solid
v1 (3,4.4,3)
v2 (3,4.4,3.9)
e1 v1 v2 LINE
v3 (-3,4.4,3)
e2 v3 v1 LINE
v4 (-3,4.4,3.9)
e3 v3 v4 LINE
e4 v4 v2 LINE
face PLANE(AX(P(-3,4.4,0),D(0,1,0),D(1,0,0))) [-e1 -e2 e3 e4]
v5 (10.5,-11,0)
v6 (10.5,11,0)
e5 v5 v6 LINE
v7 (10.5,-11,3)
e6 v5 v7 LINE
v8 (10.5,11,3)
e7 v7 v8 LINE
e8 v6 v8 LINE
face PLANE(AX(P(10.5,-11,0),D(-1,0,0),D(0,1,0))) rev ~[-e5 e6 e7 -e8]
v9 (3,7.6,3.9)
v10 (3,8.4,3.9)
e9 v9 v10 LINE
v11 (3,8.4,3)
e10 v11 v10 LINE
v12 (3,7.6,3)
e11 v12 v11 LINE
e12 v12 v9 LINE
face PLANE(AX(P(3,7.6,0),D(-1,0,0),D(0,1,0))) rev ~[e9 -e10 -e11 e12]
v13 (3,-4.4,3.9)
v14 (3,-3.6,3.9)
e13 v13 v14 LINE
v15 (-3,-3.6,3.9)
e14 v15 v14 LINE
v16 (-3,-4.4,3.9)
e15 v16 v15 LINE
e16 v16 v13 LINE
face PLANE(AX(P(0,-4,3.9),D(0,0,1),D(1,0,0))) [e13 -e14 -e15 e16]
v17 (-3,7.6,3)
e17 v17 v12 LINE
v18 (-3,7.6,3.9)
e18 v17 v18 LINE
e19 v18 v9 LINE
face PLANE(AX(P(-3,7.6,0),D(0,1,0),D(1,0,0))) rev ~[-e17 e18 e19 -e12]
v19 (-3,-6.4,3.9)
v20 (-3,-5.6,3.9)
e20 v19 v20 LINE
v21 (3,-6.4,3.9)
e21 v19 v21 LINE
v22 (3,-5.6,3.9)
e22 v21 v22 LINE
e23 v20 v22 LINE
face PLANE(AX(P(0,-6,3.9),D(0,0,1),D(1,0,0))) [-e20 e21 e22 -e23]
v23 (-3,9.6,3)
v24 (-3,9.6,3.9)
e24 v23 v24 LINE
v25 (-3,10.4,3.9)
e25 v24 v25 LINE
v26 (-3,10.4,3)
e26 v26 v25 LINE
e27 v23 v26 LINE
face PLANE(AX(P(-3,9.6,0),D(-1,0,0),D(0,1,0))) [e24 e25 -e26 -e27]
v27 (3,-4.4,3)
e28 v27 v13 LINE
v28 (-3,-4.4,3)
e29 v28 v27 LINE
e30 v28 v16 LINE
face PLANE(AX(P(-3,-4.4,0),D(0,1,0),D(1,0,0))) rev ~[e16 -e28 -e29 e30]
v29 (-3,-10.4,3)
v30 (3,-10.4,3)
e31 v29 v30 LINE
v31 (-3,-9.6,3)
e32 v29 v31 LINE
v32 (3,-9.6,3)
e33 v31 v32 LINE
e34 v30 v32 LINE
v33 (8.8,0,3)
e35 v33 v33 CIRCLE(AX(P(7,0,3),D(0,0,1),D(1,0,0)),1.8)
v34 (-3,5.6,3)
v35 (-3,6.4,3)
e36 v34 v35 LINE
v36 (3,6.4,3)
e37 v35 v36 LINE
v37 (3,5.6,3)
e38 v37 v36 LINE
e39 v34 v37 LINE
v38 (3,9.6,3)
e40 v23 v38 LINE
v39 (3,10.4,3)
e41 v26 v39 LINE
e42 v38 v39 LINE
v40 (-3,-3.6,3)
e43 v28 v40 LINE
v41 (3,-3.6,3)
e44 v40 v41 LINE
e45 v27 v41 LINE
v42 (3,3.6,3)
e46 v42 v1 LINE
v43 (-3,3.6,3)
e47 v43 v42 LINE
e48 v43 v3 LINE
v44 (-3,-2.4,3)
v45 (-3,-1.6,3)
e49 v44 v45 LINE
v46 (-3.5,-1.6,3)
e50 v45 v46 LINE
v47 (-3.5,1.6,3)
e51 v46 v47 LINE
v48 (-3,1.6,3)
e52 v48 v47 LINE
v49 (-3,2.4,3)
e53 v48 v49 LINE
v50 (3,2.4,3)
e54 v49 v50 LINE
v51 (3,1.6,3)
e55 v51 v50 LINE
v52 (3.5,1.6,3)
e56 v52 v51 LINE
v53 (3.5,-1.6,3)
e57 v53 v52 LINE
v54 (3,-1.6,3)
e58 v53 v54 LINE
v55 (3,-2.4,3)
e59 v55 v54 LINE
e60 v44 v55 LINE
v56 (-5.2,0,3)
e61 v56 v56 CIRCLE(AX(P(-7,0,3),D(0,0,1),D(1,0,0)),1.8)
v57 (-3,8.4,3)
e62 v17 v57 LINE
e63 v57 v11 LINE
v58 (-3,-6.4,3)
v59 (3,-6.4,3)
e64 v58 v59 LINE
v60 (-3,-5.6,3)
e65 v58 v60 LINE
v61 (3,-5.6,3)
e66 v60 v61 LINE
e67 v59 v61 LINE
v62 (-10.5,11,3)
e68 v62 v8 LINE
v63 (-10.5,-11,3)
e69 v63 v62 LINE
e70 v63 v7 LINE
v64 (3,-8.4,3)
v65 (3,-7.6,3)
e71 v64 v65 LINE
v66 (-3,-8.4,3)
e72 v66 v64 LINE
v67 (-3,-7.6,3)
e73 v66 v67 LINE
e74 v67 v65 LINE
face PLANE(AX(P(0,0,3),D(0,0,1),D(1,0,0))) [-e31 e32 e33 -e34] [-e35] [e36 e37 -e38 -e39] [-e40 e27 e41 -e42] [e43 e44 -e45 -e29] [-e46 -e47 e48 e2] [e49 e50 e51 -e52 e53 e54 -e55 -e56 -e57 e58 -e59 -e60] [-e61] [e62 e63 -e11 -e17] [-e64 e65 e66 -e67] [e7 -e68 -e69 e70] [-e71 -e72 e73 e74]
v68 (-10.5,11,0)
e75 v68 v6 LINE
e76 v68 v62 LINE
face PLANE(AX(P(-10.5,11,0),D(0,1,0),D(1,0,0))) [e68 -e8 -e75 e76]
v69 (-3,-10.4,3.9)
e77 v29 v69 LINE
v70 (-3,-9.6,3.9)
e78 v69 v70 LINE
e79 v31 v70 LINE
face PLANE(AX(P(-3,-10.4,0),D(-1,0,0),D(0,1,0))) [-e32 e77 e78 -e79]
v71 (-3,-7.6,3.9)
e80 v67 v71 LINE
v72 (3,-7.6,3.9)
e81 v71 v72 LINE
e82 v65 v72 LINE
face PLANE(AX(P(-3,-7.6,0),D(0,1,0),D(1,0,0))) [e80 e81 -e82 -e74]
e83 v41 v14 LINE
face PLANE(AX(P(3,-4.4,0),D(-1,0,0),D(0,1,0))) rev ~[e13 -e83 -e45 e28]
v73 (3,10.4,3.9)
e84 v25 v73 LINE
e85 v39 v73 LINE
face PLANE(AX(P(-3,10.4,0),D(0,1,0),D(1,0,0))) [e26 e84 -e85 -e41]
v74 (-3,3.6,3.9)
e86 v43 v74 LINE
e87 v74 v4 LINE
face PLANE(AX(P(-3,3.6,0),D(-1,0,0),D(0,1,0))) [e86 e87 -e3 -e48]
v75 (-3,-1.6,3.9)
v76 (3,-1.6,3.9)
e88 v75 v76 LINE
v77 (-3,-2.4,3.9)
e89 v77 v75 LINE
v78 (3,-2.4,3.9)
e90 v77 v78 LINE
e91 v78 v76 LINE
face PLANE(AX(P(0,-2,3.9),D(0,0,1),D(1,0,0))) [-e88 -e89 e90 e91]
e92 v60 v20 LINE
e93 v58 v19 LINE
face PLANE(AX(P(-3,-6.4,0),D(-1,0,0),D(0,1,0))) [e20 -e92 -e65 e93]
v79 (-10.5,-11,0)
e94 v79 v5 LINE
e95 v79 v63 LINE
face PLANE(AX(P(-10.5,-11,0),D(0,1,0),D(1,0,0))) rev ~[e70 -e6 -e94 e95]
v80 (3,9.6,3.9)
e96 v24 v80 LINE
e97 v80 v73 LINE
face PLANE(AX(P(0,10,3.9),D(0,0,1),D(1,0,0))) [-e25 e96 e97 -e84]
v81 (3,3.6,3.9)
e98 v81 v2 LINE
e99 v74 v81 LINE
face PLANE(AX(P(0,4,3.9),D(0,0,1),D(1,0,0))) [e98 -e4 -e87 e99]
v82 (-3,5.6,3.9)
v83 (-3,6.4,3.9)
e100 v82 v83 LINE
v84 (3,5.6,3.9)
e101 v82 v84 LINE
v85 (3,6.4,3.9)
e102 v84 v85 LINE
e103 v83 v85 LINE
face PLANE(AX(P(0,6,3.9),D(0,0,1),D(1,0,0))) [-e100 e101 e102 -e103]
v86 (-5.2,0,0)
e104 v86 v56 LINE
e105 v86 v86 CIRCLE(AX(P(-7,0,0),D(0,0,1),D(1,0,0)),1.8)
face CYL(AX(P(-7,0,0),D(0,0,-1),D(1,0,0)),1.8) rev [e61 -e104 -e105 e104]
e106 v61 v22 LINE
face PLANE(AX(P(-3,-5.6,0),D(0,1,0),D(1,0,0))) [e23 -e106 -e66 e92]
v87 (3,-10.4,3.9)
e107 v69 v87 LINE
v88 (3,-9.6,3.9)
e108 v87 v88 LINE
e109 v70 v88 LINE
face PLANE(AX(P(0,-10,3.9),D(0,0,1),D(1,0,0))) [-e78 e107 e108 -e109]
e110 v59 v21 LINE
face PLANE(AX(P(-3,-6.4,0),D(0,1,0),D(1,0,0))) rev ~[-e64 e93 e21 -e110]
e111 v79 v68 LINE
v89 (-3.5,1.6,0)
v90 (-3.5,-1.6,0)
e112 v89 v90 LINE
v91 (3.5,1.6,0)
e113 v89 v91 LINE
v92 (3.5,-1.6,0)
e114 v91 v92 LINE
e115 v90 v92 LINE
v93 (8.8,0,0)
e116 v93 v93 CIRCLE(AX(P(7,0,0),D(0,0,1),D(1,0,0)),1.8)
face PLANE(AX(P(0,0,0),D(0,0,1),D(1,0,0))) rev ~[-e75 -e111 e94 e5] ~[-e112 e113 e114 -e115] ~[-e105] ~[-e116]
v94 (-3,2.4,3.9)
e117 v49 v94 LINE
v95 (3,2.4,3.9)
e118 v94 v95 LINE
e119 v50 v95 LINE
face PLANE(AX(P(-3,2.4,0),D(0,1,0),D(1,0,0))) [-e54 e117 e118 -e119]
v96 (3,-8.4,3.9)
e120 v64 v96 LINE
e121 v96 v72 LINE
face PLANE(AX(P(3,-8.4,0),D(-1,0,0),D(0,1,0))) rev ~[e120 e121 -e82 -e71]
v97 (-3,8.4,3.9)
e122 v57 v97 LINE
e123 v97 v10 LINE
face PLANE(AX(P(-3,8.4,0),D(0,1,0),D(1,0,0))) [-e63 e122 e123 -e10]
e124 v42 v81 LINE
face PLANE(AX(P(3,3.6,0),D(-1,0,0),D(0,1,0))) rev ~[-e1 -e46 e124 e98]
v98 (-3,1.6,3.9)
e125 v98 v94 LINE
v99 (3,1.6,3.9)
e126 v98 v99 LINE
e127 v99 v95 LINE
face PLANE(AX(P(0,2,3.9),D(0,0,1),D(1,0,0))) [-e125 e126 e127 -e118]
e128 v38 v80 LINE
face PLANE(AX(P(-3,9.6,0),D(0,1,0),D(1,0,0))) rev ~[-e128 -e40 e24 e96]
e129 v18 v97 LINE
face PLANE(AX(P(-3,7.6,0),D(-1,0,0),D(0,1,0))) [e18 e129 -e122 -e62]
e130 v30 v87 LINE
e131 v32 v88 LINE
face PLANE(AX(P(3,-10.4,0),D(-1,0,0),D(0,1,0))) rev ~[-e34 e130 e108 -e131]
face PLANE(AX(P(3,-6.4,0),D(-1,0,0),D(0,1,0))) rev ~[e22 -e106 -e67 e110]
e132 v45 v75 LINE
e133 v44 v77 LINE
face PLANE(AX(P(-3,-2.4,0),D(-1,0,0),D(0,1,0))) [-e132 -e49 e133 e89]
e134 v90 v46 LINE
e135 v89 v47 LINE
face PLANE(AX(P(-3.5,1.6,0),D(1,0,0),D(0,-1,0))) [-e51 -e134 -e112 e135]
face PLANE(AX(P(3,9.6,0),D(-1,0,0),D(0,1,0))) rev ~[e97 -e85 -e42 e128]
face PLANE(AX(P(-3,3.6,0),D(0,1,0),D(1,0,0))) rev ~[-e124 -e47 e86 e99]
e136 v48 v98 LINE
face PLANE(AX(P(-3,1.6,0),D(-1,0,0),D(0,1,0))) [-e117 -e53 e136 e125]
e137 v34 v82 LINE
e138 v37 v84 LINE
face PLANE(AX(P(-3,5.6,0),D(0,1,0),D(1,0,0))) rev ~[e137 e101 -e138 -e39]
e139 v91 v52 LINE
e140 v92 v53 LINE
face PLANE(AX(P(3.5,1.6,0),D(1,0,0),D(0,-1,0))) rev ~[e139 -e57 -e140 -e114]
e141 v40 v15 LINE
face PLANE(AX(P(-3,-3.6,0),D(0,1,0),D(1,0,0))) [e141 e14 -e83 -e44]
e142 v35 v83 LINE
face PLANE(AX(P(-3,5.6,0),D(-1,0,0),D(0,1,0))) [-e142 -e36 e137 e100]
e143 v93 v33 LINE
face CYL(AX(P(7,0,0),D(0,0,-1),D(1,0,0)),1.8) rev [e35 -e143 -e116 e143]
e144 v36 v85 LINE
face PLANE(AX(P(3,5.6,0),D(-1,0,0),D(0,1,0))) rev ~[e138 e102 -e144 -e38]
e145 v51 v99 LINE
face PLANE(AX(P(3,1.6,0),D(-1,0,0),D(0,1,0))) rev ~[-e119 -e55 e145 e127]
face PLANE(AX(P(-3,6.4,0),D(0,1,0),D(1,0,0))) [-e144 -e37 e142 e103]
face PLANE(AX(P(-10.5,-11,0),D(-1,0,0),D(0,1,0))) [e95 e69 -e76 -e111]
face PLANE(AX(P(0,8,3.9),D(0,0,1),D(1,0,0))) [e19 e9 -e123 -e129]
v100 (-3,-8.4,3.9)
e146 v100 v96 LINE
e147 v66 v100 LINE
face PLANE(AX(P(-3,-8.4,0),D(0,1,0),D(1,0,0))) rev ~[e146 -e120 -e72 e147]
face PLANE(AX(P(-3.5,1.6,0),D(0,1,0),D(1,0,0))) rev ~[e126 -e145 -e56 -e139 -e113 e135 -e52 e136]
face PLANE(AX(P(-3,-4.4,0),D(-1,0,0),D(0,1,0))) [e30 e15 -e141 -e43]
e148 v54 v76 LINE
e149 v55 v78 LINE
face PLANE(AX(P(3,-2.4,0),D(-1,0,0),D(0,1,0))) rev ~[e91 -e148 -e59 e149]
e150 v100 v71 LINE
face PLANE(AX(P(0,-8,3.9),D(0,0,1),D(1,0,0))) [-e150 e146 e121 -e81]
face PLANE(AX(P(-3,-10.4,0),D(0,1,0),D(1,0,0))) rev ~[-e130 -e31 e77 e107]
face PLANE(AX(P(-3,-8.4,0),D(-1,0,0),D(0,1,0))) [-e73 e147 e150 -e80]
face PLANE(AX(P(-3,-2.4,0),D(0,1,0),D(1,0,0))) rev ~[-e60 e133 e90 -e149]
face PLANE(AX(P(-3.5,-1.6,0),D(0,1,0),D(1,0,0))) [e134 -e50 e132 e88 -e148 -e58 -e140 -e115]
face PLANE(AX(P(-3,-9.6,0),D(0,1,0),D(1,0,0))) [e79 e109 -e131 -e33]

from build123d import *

# Parameters (mm, degrees)
F0_W     = 21
F0_H     = 22
F0_W_2   = 6
F0_H_2   = 0.8
F0_R     = 1.8
F1_DEPTH = 3
F2_DEPTH = 3.9
F3_W     = 7
F3_H     = 3.2
F4_DEPTH = 25


with BuildPart() as f1:
    # F0 (on Top) → F1 (new body)
    with BuildSketch(Plane.XY):
        Rectangle(F0_W, F0_H)
        with Locations((0, -10)):
            Rectangle(F0_W_2, F0_H_2, mode=Mode.SUBTRACT)
        with Locations((0, -8)):
            Rectangle(F0_W_2, F0_H_2, mode=Mode.SUBTRACT)
        with Locations((0, -6)):
            Rectangle(F0_W_2, F0_H_2, mode=Mode.SUBTRACT)
        with Locations((0, -4)):
            Rectangle(F0_W_2, F0_H_2, mode=Mode.SUBTRACT)
        with Locations((0, -2)):
            Rectangle(F0_W_2, F0_H_2, mode=Mode.SUBTRACT)
        with Locations((-7, 0)):
            Circle(F0_R, mode=Mode.SUBTRACT)
        Rectangle(F0_W_2, F0_H_2, mode=Mode.SUBTRACT)
        with Locations((0, 2)):
            Rectangle(F0_W_2, F0_H_2, mode=Mode.SUBTRACT)
        with Locations((0, 4)):
            Rectangle(F0_W_2, F0_H_2, mode=Mode.SUBTRACT)
        with Locations((7, 0)):
            Circle(F0_R, mode=Mode.SUBTRACT)
        with Locations((0, 6)):
            Rectangle(F0_W_2, F0_H_2, mode=Mode.SUBTRACT)
        with Locations((0, 8)):
            Rectangle(F0_W_2, F0_H_2, mode=Mode.SUBTRACT)
        with Locations((0, 10)):
            Rectangle(F0_W_2, F0_H_2, mode=Mode.SUBTRACT)
    extrude(amount=F1_DEPTH)

    # F0 (on Top) → F2 (join)
    with BuildSketch(Plane.XY):
        with Locations((0, 8)):
            Rectangle(F0_W_2, F0_H_2)
        with Locations((0, 6)):
            Rectangle(F0_W_2, F0_H_2)
        with Locations((0, 4)):
            Rectangle(F0_W_2, F0_H_2)
        with Locations((0, 2)):
            Rectangle(F0_W_2, F0_H_2)
        Rectangle(F0_W_2, F0_H_2)
        with Locations((0, -2)):
            Rectangle(F0_W_2, F0_H_2)
        with Locations((0, -4)):
            Rectangle(F0_W_2, F0_H_2)
        with Locations((0, -6)):
            Rectangle(F0_W_2, F0_H_2)
        with Locations((0, -8)):
            Rectangle(F0_W_2, F0_H_2)
        with Locations((0, 10)):
            Rectangle(F0_W_2, F0_H_2)
        with Locations((0, -10)):
            Rectangle(F0_W_2, F0_H_2)
    extrude(amount=F2_DEPTH)

    # F3 (on face) → F4 (cut)
    with BuildSketch(Plane(origin=(0, 0, 0), x_dir=(1, 0, 0), z_dir=(0, 0, -1))):
        Rectangle(F3_W, F3_H)
    extrude(amount=-F4_DEPTH, mode=Mode.SUBTRACT)


solid = f1.part
